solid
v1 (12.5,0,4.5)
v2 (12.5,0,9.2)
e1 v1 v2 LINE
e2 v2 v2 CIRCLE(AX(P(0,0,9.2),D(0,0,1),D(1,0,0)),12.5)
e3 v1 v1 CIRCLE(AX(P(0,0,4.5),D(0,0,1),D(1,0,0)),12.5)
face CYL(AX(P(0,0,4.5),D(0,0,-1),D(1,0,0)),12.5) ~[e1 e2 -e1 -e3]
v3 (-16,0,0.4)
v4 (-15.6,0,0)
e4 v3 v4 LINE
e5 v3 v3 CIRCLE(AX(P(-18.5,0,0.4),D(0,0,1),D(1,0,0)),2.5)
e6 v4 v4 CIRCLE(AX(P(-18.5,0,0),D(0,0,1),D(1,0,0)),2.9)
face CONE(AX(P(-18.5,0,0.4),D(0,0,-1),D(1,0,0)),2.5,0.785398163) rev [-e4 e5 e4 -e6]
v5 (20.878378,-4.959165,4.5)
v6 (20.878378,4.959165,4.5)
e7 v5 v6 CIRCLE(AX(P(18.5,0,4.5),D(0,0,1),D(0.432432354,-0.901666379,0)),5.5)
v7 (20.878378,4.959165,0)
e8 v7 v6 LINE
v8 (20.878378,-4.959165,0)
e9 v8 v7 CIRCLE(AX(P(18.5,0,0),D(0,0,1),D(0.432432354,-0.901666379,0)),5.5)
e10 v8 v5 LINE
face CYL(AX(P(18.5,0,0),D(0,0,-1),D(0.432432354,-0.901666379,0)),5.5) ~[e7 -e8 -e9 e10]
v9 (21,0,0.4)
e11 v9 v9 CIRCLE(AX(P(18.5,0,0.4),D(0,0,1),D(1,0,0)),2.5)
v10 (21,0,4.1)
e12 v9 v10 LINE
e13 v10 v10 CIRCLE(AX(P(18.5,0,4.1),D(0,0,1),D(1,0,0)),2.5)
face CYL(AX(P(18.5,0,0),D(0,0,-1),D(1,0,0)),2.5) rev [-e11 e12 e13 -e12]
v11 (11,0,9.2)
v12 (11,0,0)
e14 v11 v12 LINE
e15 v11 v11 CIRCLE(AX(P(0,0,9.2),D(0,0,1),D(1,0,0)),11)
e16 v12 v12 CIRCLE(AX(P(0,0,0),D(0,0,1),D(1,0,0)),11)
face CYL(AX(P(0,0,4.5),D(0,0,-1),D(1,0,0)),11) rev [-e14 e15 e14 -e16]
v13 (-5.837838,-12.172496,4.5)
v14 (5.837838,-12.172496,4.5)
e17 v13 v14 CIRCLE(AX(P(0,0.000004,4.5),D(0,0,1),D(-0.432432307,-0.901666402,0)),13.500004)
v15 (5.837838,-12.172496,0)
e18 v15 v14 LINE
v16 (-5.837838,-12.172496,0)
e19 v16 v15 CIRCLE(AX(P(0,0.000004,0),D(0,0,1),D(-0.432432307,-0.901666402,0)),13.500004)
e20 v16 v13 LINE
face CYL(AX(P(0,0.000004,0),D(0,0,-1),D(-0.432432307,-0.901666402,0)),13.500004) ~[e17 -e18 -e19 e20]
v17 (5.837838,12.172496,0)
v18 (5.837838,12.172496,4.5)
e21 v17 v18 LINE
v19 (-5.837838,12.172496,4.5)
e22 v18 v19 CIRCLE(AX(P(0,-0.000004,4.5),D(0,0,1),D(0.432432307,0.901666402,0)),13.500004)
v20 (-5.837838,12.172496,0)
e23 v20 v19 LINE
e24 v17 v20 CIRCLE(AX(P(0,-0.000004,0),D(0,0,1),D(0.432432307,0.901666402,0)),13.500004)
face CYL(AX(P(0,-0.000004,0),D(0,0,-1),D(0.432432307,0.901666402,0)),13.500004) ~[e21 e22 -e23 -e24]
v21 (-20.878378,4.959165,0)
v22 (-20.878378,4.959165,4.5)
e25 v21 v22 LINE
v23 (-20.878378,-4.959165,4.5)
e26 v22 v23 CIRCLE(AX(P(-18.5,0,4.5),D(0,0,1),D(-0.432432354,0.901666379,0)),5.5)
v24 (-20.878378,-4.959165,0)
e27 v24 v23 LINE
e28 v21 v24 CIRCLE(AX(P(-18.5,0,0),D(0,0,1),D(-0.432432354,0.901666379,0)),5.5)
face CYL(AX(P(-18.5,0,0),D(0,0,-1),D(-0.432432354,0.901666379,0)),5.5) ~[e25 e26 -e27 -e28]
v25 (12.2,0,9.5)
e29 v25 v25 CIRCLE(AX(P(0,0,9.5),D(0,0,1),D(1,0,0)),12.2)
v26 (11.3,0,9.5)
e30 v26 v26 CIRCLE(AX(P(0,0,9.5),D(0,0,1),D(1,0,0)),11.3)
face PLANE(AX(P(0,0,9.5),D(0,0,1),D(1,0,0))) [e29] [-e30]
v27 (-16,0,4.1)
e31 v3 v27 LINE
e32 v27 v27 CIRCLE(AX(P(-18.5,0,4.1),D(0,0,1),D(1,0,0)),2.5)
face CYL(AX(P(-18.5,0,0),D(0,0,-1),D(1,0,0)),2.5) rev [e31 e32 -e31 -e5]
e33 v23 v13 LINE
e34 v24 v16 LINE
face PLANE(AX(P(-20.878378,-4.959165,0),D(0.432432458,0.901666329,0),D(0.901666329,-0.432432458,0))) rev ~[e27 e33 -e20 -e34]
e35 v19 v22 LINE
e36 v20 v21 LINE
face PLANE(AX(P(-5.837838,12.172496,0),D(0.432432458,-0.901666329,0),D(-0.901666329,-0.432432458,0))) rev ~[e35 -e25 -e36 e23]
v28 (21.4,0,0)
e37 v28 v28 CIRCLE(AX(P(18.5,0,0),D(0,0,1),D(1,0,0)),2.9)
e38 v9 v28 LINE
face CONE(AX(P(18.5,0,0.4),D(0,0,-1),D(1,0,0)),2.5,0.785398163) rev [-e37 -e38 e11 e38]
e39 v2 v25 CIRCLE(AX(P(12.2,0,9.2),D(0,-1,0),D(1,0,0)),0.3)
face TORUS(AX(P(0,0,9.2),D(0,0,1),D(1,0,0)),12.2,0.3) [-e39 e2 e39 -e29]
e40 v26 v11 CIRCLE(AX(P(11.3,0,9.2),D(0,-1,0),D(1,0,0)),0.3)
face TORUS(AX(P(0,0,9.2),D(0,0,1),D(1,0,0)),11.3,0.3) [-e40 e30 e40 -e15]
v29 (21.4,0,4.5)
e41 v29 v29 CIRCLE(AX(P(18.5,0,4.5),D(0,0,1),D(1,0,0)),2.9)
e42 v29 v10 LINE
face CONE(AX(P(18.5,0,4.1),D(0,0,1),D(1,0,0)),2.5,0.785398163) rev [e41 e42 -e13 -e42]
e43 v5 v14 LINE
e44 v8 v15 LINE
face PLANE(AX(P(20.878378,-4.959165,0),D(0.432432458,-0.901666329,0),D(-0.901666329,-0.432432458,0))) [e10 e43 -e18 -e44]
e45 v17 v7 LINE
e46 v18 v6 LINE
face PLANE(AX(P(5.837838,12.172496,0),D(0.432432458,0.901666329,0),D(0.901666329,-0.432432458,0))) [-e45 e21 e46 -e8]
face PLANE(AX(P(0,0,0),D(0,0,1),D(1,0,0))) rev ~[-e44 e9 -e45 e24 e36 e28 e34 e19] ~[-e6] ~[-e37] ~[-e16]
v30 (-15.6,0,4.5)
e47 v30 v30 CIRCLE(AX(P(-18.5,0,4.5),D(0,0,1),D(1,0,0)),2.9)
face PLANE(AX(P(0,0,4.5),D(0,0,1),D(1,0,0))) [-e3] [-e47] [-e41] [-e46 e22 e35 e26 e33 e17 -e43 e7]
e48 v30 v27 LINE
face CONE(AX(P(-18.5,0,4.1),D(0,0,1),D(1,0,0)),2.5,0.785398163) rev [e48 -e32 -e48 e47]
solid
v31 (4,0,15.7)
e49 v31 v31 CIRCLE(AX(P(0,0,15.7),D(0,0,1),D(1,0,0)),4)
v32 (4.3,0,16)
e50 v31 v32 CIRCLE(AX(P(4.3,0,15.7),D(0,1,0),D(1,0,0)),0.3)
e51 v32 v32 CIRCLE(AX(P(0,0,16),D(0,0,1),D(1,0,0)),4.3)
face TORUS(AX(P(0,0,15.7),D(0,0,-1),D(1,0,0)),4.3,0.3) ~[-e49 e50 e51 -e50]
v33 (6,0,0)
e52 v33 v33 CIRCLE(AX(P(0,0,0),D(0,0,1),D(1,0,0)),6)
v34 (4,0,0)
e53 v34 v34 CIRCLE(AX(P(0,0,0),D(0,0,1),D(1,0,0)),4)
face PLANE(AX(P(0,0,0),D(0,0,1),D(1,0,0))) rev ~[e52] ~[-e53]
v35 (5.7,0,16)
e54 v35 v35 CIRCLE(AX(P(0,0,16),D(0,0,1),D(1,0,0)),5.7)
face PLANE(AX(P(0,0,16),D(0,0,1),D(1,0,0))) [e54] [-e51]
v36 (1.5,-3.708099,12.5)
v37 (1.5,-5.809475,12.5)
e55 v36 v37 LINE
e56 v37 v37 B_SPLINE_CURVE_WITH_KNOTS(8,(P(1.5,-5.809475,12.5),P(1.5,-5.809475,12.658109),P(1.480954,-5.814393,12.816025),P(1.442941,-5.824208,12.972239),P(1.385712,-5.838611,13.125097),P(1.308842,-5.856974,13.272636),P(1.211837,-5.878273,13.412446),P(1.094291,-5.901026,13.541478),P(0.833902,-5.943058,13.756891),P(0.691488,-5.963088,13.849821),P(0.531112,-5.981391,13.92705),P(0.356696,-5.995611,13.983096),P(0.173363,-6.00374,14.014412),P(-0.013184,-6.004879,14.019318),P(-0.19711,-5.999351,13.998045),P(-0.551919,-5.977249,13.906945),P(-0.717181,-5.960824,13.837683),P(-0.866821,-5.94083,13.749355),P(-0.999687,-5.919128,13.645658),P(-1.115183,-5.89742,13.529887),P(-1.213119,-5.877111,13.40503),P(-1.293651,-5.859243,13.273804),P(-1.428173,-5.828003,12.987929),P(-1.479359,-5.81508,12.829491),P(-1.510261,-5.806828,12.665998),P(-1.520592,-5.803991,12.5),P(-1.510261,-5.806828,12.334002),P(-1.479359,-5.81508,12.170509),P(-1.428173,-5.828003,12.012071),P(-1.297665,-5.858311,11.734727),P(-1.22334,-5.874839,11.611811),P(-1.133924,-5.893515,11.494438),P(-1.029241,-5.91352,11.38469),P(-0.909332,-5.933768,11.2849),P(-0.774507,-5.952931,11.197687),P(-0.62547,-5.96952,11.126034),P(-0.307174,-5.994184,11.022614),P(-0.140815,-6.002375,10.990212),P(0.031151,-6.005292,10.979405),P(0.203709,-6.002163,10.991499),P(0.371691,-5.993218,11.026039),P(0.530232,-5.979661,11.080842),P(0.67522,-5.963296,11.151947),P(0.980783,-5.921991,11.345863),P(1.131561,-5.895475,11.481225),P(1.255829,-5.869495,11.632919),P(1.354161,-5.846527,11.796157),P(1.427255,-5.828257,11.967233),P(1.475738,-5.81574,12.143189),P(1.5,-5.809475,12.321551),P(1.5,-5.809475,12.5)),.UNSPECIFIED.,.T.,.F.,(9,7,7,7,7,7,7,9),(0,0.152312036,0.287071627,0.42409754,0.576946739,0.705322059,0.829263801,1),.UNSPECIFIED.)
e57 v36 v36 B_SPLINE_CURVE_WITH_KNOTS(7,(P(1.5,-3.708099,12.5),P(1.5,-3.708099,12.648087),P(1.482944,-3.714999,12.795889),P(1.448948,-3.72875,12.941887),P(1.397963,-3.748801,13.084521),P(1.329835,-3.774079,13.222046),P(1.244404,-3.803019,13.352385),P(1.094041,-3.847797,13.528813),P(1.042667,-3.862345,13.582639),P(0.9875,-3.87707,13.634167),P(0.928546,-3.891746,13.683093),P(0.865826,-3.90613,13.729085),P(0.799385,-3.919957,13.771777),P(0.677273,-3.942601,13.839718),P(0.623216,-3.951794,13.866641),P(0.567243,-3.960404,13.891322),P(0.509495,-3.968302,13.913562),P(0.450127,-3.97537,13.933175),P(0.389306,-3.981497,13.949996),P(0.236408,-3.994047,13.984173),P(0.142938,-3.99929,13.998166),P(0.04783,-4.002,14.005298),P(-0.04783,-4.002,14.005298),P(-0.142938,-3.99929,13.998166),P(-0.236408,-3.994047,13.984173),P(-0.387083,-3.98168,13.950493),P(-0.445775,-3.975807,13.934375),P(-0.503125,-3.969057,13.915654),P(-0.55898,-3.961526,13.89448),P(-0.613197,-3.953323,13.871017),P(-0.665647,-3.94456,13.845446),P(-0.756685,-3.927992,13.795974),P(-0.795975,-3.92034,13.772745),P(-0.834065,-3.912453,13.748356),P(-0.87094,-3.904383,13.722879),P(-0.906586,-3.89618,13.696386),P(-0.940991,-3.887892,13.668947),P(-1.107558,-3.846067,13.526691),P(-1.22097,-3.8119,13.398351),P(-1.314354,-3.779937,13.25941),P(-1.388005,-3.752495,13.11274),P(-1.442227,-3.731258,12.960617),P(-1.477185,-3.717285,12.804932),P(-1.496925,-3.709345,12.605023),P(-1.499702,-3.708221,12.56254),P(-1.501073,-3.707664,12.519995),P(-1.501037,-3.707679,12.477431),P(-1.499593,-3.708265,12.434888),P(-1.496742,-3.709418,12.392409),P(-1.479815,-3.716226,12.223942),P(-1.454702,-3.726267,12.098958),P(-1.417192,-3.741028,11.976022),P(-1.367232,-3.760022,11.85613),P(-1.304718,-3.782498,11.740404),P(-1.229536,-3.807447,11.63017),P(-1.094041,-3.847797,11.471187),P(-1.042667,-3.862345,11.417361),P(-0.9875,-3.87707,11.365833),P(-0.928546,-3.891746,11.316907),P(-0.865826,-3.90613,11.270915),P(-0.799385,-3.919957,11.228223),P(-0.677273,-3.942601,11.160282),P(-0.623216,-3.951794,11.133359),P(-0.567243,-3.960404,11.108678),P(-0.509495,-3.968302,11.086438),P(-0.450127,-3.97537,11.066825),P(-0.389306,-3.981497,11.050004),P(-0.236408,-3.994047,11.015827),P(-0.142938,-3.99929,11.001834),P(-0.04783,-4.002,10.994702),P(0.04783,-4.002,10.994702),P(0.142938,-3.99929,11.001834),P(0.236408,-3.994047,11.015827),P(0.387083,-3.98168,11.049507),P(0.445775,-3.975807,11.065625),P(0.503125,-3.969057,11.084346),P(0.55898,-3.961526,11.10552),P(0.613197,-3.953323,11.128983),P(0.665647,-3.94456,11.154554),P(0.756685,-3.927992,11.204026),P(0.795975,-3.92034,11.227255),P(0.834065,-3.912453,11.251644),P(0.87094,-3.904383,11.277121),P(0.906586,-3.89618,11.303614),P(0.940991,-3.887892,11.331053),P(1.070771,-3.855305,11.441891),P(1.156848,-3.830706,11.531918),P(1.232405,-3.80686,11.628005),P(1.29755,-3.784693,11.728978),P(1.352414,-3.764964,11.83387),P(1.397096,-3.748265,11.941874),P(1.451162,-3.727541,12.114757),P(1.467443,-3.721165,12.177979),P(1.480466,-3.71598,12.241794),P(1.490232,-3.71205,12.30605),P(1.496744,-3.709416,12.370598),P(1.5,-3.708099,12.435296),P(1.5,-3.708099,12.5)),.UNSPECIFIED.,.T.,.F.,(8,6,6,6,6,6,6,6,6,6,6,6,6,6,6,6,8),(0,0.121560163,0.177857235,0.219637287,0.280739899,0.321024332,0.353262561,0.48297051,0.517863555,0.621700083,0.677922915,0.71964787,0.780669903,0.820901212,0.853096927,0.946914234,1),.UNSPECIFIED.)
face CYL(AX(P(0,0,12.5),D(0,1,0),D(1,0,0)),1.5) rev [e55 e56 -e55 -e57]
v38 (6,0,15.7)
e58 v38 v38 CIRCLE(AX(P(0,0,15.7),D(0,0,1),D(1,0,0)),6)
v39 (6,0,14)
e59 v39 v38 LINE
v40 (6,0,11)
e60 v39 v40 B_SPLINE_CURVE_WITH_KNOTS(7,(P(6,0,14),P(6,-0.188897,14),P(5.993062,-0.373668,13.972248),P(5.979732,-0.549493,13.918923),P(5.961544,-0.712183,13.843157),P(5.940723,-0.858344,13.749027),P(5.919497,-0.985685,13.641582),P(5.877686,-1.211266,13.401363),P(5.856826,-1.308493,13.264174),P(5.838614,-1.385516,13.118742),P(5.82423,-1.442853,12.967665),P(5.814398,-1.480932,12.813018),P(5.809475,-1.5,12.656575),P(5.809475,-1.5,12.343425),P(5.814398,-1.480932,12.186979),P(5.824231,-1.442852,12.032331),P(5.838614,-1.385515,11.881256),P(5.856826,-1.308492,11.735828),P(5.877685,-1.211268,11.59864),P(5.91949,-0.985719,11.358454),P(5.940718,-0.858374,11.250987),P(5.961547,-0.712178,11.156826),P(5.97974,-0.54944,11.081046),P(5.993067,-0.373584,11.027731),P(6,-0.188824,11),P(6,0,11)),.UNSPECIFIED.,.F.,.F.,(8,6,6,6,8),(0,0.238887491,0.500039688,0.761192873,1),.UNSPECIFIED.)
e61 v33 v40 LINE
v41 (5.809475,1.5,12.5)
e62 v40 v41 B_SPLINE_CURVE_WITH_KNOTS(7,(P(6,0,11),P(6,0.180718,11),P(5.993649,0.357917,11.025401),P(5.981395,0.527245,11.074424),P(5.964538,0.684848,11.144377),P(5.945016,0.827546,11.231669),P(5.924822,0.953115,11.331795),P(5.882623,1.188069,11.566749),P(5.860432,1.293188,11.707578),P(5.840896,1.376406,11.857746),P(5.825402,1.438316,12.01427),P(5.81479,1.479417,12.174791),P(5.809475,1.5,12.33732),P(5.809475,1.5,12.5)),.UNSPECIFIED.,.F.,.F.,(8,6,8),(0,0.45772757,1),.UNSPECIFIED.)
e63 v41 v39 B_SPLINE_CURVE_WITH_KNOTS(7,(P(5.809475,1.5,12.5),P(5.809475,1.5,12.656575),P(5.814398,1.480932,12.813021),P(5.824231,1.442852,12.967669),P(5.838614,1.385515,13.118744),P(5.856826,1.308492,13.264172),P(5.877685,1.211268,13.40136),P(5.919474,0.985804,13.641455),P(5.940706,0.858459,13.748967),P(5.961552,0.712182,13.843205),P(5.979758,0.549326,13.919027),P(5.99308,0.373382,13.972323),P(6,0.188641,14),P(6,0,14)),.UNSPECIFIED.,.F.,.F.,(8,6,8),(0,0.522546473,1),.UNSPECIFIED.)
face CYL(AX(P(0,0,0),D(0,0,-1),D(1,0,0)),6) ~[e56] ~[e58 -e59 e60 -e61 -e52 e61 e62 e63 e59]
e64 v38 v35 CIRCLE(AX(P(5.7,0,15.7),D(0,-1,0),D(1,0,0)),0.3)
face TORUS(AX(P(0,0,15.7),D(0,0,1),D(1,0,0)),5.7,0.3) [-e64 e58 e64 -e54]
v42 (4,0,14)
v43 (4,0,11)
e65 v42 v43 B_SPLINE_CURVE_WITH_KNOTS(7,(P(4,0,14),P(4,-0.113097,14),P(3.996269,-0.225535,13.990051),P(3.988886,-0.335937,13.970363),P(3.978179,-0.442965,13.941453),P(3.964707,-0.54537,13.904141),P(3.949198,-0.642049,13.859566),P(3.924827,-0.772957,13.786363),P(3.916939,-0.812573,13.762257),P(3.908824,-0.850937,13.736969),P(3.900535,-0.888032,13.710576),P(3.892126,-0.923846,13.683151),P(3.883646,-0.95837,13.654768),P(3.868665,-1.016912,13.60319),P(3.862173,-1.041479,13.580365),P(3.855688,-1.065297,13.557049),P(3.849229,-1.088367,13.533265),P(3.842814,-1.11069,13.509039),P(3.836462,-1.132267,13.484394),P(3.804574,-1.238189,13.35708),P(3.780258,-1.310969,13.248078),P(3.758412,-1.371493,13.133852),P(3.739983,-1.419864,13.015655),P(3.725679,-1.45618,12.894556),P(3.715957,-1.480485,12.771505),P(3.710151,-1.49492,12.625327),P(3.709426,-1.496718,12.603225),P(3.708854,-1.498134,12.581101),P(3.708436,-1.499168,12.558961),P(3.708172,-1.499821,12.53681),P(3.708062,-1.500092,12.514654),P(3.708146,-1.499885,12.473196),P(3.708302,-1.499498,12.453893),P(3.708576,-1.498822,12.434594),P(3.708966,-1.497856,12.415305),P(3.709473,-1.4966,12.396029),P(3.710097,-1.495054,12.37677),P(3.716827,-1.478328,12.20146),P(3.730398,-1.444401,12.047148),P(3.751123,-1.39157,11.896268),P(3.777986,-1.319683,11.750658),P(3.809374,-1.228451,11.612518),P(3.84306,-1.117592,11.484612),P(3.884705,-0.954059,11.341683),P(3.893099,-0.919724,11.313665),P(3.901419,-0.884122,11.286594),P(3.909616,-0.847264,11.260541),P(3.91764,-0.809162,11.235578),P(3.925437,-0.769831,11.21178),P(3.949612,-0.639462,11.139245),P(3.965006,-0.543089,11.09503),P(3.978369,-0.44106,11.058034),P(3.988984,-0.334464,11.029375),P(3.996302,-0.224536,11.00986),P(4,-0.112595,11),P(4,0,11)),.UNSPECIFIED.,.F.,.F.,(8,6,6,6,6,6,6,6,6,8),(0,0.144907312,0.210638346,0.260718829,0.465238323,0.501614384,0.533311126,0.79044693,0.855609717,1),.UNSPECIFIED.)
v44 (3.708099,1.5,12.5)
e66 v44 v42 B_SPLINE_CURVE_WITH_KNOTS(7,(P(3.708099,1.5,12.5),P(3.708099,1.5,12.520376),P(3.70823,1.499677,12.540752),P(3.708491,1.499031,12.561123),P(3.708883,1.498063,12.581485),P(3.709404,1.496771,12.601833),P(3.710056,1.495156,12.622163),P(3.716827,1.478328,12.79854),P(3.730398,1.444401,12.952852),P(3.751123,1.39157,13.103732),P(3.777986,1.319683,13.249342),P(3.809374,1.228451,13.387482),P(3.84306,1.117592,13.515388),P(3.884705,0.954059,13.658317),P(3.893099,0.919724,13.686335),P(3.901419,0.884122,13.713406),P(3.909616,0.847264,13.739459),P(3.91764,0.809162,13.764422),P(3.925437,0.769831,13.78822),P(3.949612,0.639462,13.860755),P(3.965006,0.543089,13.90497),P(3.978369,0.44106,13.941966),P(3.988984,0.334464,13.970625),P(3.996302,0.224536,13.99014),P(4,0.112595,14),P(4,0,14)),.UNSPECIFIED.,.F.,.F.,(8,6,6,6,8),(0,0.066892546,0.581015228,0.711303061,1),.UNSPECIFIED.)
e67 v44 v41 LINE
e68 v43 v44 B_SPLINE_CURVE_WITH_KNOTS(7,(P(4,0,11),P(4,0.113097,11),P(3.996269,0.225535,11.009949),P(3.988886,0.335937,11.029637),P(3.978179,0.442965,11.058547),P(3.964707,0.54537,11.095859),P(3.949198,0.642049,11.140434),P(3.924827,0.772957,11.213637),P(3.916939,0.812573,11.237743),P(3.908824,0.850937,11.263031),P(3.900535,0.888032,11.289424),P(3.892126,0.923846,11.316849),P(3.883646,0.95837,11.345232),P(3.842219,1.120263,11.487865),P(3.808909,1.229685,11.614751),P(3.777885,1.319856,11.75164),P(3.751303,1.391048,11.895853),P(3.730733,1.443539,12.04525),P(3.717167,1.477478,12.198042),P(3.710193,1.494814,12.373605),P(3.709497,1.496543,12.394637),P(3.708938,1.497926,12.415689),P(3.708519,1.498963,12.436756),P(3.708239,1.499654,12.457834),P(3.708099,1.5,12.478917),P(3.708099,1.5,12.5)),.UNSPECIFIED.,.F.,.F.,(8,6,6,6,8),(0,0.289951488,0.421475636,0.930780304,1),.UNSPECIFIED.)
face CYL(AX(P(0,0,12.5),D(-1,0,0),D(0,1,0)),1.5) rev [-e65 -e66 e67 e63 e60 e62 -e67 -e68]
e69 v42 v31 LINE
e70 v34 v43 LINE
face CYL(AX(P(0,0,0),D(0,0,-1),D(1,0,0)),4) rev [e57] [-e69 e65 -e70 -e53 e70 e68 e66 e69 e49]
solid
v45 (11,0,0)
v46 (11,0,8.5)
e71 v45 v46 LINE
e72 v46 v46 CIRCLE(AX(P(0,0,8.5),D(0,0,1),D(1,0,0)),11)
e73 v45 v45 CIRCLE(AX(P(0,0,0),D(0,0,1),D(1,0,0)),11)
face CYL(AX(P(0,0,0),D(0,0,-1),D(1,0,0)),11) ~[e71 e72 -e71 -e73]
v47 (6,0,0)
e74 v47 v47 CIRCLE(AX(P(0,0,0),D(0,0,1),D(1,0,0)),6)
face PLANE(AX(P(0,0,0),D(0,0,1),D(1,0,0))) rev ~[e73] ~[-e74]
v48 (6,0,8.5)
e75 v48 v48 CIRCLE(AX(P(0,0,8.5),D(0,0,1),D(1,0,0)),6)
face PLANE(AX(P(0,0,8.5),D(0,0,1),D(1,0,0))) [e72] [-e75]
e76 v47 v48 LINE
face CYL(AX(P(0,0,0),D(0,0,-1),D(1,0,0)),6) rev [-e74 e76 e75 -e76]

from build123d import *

# Parameters (mm, degrees)
SKETCH_R          = 6
SKETCH_R_2        = 4
PAD_DEPTH         = 16
FILLET001_R       = 0.3
CYLINDER_R        = 1.5
CYLINDER_DEPTH    = 8
CYLINDER001_R     = 1.5
CYLINDER001_DEPTH = 10
SKETCH001_R       = 11
SKETCH001_R_2     = 6
PAD001_DEPTH      = 8.5
SKETCH002_R       = 2.5
SKETCH002_R_2     = 11
PAD002_DEPTH      = 4.5
SKETCH003_R       = 12.5
SKETCH003_R_2     = 11
PAD003_DEPTH      = 5
FILLET_R          = 0.3
CHAMFER_SIZE      = 0.4


with BuildPart() as body:
    # Sketch → Pad (new body)
    with BuildSketch(Plane.XY):
        Circle(SKETCH_R)
        Circle(SKETCH_R_2, mode=Mode.SUBTRACT)
    extrude(amount=PAD_DEPTH)

    # Fillet001
    fillet001_edges = [body.edges().sort_by_distance(p)[0] for p in [
        (-6, 0, 16),
        (-4, 0, 16),
    ]]
    fillet(fillet001_edges, radius=FILLET001_R)

    # Cylinder → Cylinder (cut)
    with BuildSketch(Plane(origin=(0, 0, 12.5), x_dir=(0, 1, 0), z_dir=(1, 0, 0))):
        Circle(CYLINDER_R)
    extrude(amount=CYLINDER_DEPTH, mode=Mode.SUBTRACT)

    # Cylinder001 → Cylinder001 (cut)
    with BuildSketch(Plane(origin=(0, 0, 12.5), x_dir=(1, 0, 0), z_dir=(0, -1, 0))):
        Circle(CYLINDER001_R)
    extrude(amount=CYLINDER001_DEPTH, mode=Mode.SUBTRACT)


with BuildPart() as body001:
    # Sketch001 → Pad001 (new body)
    with BuildSketch(Plane.XY):
        Circle(SKETCH001_R)
        Circle(SKETCH001_R_2, mode=Mode.SUBTRACT)
    extrude(amount=PAD001_DEPTH)


with BuildPart() as body002:
    # Sketch002 → Pad002 (new body)
    with BuildSketch(Plane.XY):
        with BuildLine():
            ThreePointArc((-20.878378, 4.959165), (-24, 0), (-20.878378, -4.959165))
            Line((-20.878378, -4.959165), (-5.837838, -12.172496))
            ThreePointArc((-5.837838, -12.172496), (0, -13.5), (5.837838, -12.172496))
            Line((20.878378, -4.959165), (5.837838, -12.172496))
            ThreePointArc((20.878378, -4.959165), (24, 0), (20.878378, 4.959165))
            Line((5.837838, 12.172496), (20.878378, 4.959165))
            ThreePointArc((5.837838, 12.172496), (0, 13.5), (-5.837838, 12.172496))
            Line((-5.837838, 12.172496), (-20.878378, 4.959165))
        make_face()
        with Locations((-18.5, 0)):
            Circle(SKETCH002_R, mode=Mode.SUBTRACT)
        with Locations((18.5, 0)):
            Circle(SKETCH002_R, mode=Mode.SUBTRACT)
        Circle(SKETCH002_R_2, mode=Mode.SUBTRACT)
    extrude(amount=PAD002_DEPTH)

    # Sketch003 (on Face13 of Pad002) → Pad003 (join)
    with BuildSketch(Plane.XY.offset(4.5)):
        Circle(SKETCH003_R)
        Circle(SKETCH003_R_2, mode=Mode.SUBTRACT)
    extrude(amount=PAD003_DEPTH)

    # Fillet
    fillet_edges = [body002.edges().sort_by_distance(p)[0] for p in [
        (-12.5, 0, 9.5),
        (-11, 0, 9.5),
    ]]
    fillet(fillet_edges, radius=FILLET_R)

    # Chamfer
    chamfer_edges = [body002.edges().sort_by_distance(p)[0] for p in [
        (-21, 0, 4.5),
        (16, 0, 4.5),
        (-21, 0, 0),
        (16, 0, 0),
    ]]
    chamfer(chamfer_edges, length=CHAMFER_SIZE)


solid = Compound([body.part, body001.part, body002.part])
